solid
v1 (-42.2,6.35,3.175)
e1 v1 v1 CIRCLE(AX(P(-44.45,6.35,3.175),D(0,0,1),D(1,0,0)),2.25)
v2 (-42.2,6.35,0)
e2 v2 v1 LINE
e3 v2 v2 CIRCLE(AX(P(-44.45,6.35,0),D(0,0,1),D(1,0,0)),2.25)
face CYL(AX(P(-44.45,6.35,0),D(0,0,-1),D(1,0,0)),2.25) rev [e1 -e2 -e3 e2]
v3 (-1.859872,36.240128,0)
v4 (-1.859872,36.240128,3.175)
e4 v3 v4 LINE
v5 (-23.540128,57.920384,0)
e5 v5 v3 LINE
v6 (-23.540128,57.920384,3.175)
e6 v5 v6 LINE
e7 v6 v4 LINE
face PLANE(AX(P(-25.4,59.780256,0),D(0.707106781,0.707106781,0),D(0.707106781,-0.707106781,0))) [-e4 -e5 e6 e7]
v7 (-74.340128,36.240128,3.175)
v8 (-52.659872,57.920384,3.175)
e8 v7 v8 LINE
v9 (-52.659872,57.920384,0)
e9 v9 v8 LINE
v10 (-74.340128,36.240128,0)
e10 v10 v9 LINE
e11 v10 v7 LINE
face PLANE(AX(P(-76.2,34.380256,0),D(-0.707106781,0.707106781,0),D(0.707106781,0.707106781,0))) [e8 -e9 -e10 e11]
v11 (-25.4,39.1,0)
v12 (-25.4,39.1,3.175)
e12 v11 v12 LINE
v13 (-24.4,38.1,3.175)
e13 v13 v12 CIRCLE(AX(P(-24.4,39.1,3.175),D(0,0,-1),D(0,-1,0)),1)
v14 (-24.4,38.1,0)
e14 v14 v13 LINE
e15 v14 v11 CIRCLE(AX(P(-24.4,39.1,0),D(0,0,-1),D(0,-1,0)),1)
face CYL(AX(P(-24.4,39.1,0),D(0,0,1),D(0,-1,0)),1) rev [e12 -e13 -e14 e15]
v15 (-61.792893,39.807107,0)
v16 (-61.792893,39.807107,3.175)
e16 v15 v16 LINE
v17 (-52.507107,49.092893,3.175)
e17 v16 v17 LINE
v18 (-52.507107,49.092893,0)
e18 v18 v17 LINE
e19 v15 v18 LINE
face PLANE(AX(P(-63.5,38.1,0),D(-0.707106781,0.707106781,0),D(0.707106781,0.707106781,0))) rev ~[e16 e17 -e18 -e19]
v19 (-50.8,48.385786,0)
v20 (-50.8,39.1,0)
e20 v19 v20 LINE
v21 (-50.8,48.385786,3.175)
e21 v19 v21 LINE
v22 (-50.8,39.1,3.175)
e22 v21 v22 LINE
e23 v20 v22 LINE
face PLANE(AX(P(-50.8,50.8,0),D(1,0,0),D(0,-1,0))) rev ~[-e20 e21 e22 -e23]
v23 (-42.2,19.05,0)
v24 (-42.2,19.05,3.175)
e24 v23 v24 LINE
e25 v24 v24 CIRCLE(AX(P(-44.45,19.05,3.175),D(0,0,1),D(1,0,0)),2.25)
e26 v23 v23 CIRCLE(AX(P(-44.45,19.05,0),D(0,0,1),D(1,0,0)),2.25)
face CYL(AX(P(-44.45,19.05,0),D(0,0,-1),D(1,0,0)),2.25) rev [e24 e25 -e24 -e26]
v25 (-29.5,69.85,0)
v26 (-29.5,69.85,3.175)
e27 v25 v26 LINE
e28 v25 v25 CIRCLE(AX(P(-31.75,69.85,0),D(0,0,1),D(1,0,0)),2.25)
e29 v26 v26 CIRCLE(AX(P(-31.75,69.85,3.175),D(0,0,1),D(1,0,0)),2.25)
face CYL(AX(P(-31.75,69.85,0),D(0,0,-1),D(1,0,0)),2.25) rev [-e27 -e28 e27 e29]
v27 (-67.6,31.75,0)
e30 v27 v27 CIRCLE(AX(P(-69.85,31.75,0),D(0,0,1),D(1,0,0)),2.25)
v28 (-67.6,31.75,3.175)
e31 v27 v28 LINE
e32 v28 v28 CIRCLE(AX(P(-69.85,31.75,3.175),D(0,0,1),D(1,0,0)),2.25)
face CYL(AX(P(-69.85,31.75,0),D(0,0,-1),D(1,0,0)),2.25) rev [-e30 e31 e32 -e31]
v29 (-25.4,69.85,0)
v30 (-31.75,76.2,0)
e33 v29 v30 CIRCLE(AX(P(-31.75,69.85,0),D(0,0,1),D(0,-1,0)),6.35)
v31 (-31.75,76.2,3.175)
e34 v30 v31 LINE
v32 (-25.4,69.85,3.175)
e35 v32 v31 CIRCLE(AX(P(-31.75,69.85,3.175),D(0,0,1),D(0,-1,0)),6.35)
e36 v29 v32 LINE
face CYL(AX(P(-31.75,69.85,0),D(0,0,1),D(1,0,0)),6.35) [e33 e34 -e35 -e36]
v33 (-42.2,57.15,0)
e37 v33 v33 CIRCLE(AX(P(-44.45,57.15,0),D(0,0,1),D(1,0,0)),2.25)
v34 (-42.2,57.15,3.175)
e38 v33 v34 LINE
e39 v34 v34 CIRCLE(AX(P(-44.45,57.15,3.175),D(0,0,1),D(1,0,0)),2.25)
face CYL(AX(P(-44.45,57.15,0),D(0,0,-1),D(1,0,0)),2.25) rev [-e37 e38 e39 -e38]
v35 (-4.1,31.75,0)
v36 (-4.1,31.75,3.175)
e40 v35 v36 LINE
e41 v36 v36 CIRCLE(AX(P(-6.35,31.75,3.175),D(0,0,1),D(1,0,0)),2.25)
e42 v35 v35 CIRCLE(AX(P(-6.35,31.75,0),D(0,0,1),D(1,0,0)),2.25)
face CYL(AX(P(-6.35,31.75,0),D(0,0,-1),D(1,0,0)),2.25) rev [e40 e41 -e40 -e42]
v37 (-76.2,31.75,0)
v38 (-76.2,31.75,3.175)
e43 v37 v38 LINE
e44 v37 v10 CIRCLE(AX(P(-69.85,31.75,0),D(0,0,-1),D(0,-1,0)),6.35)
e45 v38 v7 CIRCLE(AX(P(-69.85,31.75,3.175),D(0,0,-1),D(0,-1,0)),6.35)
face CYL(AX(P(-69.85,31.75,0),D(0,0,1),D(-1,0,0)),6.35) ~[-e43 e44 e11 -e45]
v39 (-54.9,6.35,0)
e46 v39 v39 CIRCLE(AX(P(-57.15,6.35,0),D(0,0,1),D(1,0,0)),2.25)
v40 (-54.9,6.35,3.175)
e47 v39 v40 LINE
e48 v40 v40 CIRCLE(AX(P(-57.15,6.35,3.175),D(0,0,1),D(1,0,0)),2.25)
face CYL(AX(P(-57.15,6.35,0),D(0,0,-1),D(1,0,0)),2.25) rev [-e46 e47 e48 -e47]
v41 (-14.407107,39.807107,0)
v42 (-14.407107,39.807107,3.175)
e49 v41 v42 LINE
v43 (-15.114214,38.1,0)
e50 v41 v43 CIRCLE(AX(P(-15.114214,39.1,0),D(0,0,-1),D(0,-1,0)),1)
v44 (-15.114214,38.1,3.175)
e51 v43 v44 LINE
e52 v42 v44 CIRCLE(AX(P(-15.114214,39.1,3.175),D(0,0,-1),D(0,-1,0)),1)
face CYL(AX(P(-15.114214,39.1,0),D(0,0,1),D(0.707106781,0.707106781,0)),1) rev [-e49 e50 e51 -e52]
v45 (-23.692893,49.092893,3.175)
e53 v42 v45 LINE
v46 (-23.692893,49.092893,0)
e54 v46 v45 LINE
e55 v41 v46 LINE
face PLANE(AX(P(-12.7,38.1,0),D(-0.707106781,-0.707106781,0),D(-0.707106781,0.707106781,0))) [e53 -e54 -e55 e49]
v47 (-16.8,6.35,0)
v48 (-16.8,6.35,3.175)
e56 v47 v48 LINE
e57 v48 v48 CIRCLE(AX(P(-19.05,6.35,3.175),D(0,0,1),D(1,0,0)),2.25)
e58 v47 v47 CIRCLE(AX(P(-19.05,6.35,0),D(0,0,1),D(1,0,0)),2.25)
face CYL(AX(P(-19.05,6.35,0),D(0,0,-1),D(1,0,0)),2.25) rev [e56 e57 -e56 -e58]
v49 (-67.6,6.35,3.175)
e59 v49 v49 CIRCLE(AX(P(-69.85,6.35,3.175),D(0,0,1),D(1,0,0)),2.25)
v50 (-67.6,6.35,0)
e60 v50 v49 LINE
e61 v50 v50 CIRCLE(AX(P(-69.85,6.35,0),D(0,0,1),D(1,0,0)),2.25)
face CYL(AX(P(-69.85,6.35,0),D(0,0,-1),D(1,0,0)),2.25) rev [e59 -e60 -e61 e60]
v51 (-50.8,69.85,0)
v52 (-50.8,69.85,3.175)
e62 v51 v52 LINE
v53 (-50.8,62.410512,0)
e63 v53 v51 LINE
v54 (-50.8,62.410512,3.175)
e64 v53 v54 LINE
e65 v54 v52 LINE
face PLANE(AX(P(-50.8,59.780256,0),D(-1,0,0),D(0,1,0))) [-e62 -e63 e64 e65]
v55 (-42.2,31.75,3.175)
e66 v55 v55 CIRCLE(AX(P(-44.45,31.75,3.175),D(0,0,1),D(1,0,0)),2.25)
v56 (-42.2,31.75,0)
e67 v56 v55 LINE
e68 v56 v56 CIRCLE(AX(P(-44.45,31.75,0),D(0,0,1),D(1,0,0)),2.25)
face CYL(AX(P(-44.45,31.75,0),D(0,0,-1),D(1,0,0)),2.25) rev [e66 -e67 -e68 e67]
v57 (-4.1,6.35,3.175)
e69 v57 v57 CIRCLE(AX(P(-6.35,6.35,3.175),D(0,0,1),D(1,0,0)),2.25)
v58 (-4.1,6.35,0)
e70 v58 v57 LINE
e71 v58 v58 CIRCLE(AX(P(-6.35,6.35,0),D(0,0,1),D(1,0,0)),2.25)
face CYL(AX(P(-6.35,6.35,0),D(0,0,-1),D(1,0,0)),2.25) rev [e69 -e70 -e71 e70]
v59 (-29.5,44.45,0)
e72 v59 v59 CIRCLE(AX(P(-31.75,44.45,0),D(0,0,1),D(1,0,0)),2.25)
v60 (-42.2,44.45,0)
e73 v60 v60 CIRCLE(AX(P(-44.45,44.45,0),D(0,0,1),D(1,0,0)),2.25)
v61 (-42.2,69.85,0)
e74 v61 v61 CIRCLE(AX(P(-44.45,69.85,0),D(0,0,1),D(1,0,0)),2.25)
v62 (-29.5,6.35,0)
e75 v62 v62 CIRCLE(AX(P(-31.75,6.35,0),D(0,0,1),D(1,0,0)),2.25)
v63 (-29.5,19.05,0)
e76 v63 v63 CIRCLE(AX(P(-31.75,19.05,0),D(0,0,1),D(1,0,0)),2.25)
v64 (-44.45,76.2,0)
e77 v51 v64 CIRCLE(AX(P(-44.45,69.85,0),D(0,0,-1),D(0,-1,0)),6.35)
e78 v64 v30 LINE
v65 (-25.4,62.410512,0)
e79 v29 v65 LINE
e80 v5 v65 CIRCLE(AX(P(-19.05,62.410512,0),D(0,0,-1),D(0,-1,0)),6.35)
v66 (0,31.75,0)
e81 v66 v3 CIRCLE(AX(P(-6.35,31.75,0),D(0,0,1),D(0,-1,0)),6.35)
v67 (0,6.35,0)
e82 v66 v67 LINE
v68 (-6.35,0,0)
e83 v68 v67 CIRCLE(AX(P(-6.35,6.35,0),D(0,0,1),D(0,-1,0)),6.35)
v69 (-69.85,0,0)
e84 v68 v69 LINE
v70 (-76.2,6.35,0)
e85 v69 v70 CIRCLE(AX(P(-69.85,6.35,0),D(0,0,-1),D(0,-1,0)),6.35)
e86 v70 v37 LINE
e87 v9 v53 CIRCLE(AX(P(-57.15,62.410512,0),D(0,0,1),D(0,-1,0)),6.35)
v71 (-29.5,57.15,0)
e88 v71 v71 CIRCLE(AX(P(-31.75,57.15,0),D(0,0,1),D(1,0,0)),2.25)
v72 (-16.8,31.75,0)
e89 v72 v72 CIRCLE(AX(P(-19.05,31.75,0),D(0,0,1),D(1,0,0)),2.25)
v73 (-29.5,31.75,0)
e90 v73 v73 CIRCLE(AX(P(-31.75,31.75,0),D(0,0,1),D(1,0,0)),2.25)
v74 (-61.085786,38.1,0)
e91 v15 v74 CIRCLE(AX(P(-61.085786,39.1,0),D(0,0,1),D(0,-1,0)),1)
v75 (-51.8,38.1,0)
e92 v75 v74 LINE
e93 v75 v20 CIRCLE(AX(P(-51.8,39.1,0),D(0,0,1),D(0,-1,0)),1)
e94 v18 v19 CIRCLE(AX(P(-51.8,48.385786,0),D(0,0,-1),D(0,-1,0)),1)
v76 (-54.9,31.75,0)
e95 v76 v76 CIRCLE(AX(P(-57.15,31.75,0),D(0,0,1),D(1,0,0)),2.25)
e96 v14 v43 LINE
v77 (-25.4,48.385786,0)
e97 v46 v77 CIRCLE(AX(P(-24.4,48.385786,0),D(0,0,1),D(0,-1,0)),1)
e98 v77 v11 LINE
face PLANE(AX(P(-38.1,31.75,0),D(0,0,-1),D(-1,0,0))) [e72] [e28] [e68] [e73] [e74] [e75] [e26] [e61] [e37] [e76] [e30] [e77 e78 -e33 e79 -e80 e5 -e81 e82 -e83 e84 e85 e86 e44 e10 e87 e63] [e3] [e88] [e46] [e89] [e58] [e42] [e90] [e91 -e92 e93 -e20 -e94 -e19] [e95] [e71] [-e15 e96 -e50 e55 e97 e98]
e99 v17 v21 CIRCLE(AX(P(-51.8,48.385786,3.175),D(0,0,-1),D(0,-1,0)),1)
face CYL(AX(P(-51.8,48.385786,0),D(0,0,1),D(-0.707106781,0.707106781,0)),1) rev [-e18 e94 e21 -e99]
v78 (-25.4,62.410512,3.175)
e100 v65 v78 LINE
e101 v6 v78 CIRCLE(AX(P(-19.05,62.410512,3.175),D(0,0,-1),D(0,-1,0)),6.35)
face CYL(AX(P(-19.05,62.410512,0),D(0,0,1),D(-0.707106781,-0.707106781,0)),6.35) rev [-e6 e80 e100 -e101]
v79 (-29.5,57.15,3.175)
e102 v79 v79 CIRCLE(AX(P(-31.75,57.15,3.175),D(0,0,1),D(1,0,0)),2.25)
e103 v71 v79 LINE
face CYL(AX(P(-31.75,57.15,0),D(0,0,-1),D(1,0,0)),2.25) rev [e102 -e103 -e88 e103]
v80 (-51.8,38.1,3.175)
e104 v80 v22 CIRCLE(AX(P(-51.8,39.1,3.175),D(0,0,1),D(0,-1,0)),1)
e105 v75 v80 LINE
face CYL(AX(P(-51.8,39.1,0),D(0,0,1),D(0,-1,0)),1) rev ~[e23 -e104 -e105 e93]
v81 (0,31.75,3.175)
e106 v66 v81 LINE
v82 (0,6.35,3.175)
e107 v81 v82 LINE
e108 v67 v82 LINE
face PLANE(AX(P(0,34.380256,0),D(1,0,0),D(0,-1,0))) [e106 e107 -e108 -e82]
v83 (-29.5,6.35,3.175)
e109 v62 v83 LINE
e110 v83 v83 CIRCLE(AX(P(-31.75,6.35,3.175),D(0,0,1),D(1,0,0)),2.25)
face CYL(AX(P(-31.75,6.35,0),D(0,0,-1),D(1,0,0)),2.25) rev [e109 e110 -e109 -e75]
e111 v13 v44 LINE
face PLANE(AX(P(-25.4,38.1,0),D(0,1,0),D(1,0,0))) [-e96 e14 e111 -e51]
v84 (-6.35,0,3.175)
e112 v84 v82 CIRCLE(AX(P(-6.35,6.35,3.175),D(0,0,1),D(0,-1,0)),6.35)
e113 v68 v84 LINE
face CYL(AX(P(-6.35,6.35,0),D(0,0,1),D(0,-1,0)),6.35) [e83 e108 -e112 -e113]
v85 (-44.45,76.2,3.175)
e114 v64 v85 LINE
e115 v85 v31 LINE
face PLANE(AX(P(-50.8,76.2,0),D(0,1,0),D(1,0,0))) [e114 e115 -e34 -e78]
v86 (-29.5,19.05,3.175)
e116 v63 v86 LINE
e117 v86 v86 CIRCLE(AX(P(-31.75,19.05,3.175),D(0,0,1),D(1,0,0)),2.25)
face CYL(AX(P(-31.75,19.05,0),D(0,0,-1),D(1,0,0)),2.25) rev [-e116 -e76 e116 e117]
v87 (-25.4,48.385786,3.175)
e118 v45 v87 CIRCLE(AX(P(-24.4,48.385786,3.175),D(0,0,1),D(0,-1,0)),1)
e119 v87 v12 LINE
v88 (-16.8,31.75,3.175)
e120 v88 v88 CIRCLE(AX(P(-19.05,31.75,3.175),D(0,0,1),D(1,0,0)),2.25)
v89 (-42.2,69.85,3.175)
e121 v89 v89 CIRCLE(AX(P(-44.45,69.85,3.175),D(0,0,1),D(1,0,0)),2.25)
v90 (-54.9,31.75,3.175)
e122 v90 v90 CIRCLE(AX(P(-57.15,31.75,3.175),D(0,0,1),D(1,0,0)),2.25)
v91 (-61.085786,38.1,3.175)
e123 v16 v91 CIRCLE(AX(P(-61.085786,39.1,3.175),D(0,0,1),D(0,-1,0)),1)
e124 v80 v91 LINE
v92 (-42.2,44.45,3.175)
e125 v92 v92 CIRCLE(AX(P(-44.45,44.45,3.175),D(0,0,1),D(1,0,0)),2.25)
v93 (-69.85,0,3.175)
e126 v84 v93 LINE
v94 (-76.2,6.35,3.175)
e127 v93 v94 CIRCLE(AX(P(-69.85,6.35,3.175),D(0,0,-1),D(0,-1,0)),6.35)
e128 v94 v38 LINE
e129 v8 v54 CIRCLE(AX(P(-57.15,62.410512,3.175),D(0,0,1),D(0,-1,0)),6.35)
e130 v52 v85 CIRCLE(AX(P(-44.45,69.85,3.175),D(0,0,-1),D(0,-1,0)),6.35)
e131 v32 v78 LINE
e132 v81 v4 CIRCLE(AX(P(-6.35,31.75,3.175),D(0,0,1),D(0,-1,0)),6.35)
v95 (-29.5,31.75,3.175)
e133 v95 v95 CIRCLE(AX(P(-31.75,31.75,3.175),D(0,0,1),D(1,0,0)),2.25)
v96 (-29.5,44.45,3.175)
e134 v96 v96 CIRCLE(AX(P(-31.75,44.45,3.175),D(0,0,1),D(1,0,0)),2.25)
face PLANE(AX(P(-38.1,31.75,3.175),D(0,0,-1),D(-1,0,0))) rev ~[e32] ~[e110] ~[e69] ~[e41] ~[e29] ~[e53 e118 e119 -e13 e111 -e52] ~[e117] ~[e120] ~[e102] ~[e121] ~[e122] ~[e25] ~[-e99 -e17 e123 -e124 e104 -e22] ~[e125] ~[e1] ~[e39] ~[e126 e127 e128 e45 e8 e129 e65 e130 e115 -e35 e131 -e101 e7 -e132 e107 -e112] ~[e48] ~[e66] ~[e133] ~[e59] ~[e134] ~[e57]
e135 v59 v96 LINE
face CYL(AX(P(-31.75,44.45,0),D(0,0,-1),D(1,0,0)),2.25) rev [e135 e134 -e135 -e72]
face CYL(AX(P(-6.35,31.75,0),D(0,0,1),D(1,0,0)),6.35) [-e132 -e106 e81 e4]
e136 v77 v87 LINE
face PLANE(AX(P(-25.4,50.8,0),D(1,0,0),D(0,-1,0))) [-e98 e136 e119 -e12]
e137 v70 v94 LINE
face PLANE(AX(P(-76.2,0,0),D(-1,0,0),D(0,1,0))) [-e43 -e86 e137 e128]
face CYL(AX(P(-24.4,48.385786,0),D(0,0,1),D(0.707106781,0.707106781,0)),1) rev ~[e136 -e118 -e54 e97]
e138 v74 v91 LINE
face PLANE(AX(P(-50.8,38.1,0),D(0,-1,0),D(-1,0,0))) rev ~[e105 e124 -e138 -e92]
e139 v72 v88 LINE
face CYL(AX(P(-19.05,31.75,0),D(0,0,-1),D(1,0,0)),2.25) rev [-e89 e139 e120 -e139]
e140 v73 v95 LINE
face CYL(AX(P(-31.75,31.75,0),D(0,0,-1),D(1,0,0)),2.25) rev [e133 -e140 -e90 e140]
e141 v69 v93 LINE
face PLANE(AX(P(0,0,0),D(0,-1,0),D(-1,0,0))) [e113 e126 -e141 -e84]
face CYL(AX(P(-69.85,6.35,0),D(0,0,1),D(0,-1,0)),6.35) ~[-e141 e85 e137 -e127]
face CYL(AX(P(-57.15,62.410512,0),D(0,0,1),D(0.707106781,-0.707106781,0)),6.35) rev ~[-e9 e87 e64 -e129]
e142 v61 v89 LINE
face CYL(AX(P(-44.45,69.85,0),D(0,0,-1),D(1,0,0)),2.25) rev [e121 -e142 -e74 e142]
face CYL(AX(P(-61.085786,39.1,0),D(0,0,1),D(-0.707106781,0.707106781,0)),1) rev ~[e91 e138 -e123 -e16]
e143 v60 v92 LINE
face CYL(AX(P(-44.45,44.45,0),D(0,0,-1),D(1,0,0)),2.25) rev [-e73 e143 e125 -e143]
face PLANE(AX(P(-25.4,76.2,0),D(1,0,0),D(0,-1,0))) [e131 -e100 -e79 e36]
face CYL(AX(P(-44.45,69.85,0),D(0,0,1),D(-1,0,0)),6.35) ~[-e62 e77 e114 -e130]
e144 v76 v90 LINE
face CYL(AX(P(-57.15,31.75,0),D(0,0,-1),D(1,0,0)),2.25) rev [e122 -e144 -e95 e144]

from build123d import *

# Parameters (mm, degrees)
SKETCH1_R           = 2.25
BOSS_EXTRUDE1_DEPTH = 3.175
FILLET1_R           = 6.35
FILLET2_R           = 1


with BuildPart() as part:
    # Sketch1 → Boss-Extrude1 (new body)
    with BuildSketch(Plane.XY):
        Polygon((0, 0), (-76.2, 0), (-76.2, 34.380256121), (-50.8, 59.780256121), (-50.8, 76.2), (-25.4, 76.2), (-25.4, 59.780256121), (0, 34.380256121), align=None)
        with Locations((-44.45, 57.15)):
            Circle(SKETCH1_R, mode=Mode.SUBTRACT)
        with Locations((-69.85, 6.35)):
            Circle(SKETCH1_R, mode=Mode.SUBTRACT)
        with Locations((-6.35, 6.35)):
            Circle(SKETCH1_R, mode=Mode.SUBTRACT)
        with Locations((-31.75, 44.45)):
            Circle(SKETCH1_R, mode=Mode.SUBTRACT)
        with Locations((-44.45, 44.45)):
            Circle(SKETCH1_R, mode=Mode.SUBTRACT)
        with Locations((-57.15, 6.35)):
            Circle(SKETCH1_R, mode=Mode.SUBTRACT)
        with Locations((-57.15, 31.75)):
            Circle(SKETCH1_R, mode=Mode.SUBTRACT)
        with Locations((-69.85, 31.75)):
            Circle(SKETCH1_R, mode=Mode.SUBTRACT)
        with Locations((-19.05, 6.35)):
            Circle(SKETCH1_R, mode=Mode.SUBTRACT)
        with Locations((-19.05, 31.75)):
            Circle(SKETCH1_R, mode=Mode.SUBTRACT)
        with Locations((-6.35, 31.75)):
            Circle(SKETCH1_R, mode=Mode.SUBTRACT)
        with Locations((-44.45, 31.75)):
            Circle(SKETCH1_R, mode=Mode.SUBTRACT)
        with Locations((-31.75, 31.75)):
            Circle(SKETCH1_R, mode=Mode.SUBTRACT)
        with Locations((-44.45, 19.05)):
            Circle(SKETCH1_R, mode=Mode.SUBTRACT)
        with Locations((-31.75, 19.05)):
            Circle(SKETCH1_R, mode=Mode.SUBTRACT)
        with Locations((-44.45, 6.35)):
            Circle(SKETCH1_R, mode=Mode.SUBTRACT)
        with Locations((-31.75, 6.35)):
            Circle(SKETCH1_R, mode=Mode.SUBTRACT)
        with Locations((-31.75, 57.15)):
            Circle(SKETCH1_R, mode=Mode.SUBTRACT)
        with Locations((-31.75, 69.85)):
            Circle(SKETCH1_R, mode=Mode.SUBTRACT)
        with Locations((-44.45, 69.85)):
            Circle(SKETCH1_R, mode=Mode.SUBTRACT)
        Polygon((-63.5, 38.1), (-50.8, 50.8), (-50.8, 38.1), align=None, mode=Mode.SUBTRACT)
        Polygon((-25.4, 50.8), (-25.4, 38.1), (-12.7, 38.1), align=None, mode=Mode.SUBTRACT)
    extrude(amount=BOSS_EXTRUDE1_DEPTH)

    # Fillet1
    fillet1_edges = [part.edges().sort_by_distance(p)[0] for p in [
        (0, 0, 1.5875),
        (-76.2, 0, 1.5875),
        (-76.2, 34.380256121, 1.5875),
        (-50.8, 59.780256121, 1.5875),
        (-50.8, 76.2, 1.5875),
        (-25.4, 76.2, 1.5875),
        (-25.4, 59.780256121, 1.5875),
        (0, 34.380256121, 1.5875),
    ]]
    fillet(fillet1_edges, radius=FILLET1_R)

    # Fillet2
    fillet2_edges = [part.edges().sort_by_distance(p)[0] for p in [
        (-63.5, 38.1, 1.5875),
        (-50.8, 38.1, 1.5875),
        (-50.8, 50.8, 1.5875),
        (-12.7, 38.1, 1.5875),
        (-25.4, 50.8, 1.5875),
        (-25.4, 38.1, 1.5875),
    ]]
    fillet(fillet2_edges, radius=FILLET2_R)


solid = part.part
